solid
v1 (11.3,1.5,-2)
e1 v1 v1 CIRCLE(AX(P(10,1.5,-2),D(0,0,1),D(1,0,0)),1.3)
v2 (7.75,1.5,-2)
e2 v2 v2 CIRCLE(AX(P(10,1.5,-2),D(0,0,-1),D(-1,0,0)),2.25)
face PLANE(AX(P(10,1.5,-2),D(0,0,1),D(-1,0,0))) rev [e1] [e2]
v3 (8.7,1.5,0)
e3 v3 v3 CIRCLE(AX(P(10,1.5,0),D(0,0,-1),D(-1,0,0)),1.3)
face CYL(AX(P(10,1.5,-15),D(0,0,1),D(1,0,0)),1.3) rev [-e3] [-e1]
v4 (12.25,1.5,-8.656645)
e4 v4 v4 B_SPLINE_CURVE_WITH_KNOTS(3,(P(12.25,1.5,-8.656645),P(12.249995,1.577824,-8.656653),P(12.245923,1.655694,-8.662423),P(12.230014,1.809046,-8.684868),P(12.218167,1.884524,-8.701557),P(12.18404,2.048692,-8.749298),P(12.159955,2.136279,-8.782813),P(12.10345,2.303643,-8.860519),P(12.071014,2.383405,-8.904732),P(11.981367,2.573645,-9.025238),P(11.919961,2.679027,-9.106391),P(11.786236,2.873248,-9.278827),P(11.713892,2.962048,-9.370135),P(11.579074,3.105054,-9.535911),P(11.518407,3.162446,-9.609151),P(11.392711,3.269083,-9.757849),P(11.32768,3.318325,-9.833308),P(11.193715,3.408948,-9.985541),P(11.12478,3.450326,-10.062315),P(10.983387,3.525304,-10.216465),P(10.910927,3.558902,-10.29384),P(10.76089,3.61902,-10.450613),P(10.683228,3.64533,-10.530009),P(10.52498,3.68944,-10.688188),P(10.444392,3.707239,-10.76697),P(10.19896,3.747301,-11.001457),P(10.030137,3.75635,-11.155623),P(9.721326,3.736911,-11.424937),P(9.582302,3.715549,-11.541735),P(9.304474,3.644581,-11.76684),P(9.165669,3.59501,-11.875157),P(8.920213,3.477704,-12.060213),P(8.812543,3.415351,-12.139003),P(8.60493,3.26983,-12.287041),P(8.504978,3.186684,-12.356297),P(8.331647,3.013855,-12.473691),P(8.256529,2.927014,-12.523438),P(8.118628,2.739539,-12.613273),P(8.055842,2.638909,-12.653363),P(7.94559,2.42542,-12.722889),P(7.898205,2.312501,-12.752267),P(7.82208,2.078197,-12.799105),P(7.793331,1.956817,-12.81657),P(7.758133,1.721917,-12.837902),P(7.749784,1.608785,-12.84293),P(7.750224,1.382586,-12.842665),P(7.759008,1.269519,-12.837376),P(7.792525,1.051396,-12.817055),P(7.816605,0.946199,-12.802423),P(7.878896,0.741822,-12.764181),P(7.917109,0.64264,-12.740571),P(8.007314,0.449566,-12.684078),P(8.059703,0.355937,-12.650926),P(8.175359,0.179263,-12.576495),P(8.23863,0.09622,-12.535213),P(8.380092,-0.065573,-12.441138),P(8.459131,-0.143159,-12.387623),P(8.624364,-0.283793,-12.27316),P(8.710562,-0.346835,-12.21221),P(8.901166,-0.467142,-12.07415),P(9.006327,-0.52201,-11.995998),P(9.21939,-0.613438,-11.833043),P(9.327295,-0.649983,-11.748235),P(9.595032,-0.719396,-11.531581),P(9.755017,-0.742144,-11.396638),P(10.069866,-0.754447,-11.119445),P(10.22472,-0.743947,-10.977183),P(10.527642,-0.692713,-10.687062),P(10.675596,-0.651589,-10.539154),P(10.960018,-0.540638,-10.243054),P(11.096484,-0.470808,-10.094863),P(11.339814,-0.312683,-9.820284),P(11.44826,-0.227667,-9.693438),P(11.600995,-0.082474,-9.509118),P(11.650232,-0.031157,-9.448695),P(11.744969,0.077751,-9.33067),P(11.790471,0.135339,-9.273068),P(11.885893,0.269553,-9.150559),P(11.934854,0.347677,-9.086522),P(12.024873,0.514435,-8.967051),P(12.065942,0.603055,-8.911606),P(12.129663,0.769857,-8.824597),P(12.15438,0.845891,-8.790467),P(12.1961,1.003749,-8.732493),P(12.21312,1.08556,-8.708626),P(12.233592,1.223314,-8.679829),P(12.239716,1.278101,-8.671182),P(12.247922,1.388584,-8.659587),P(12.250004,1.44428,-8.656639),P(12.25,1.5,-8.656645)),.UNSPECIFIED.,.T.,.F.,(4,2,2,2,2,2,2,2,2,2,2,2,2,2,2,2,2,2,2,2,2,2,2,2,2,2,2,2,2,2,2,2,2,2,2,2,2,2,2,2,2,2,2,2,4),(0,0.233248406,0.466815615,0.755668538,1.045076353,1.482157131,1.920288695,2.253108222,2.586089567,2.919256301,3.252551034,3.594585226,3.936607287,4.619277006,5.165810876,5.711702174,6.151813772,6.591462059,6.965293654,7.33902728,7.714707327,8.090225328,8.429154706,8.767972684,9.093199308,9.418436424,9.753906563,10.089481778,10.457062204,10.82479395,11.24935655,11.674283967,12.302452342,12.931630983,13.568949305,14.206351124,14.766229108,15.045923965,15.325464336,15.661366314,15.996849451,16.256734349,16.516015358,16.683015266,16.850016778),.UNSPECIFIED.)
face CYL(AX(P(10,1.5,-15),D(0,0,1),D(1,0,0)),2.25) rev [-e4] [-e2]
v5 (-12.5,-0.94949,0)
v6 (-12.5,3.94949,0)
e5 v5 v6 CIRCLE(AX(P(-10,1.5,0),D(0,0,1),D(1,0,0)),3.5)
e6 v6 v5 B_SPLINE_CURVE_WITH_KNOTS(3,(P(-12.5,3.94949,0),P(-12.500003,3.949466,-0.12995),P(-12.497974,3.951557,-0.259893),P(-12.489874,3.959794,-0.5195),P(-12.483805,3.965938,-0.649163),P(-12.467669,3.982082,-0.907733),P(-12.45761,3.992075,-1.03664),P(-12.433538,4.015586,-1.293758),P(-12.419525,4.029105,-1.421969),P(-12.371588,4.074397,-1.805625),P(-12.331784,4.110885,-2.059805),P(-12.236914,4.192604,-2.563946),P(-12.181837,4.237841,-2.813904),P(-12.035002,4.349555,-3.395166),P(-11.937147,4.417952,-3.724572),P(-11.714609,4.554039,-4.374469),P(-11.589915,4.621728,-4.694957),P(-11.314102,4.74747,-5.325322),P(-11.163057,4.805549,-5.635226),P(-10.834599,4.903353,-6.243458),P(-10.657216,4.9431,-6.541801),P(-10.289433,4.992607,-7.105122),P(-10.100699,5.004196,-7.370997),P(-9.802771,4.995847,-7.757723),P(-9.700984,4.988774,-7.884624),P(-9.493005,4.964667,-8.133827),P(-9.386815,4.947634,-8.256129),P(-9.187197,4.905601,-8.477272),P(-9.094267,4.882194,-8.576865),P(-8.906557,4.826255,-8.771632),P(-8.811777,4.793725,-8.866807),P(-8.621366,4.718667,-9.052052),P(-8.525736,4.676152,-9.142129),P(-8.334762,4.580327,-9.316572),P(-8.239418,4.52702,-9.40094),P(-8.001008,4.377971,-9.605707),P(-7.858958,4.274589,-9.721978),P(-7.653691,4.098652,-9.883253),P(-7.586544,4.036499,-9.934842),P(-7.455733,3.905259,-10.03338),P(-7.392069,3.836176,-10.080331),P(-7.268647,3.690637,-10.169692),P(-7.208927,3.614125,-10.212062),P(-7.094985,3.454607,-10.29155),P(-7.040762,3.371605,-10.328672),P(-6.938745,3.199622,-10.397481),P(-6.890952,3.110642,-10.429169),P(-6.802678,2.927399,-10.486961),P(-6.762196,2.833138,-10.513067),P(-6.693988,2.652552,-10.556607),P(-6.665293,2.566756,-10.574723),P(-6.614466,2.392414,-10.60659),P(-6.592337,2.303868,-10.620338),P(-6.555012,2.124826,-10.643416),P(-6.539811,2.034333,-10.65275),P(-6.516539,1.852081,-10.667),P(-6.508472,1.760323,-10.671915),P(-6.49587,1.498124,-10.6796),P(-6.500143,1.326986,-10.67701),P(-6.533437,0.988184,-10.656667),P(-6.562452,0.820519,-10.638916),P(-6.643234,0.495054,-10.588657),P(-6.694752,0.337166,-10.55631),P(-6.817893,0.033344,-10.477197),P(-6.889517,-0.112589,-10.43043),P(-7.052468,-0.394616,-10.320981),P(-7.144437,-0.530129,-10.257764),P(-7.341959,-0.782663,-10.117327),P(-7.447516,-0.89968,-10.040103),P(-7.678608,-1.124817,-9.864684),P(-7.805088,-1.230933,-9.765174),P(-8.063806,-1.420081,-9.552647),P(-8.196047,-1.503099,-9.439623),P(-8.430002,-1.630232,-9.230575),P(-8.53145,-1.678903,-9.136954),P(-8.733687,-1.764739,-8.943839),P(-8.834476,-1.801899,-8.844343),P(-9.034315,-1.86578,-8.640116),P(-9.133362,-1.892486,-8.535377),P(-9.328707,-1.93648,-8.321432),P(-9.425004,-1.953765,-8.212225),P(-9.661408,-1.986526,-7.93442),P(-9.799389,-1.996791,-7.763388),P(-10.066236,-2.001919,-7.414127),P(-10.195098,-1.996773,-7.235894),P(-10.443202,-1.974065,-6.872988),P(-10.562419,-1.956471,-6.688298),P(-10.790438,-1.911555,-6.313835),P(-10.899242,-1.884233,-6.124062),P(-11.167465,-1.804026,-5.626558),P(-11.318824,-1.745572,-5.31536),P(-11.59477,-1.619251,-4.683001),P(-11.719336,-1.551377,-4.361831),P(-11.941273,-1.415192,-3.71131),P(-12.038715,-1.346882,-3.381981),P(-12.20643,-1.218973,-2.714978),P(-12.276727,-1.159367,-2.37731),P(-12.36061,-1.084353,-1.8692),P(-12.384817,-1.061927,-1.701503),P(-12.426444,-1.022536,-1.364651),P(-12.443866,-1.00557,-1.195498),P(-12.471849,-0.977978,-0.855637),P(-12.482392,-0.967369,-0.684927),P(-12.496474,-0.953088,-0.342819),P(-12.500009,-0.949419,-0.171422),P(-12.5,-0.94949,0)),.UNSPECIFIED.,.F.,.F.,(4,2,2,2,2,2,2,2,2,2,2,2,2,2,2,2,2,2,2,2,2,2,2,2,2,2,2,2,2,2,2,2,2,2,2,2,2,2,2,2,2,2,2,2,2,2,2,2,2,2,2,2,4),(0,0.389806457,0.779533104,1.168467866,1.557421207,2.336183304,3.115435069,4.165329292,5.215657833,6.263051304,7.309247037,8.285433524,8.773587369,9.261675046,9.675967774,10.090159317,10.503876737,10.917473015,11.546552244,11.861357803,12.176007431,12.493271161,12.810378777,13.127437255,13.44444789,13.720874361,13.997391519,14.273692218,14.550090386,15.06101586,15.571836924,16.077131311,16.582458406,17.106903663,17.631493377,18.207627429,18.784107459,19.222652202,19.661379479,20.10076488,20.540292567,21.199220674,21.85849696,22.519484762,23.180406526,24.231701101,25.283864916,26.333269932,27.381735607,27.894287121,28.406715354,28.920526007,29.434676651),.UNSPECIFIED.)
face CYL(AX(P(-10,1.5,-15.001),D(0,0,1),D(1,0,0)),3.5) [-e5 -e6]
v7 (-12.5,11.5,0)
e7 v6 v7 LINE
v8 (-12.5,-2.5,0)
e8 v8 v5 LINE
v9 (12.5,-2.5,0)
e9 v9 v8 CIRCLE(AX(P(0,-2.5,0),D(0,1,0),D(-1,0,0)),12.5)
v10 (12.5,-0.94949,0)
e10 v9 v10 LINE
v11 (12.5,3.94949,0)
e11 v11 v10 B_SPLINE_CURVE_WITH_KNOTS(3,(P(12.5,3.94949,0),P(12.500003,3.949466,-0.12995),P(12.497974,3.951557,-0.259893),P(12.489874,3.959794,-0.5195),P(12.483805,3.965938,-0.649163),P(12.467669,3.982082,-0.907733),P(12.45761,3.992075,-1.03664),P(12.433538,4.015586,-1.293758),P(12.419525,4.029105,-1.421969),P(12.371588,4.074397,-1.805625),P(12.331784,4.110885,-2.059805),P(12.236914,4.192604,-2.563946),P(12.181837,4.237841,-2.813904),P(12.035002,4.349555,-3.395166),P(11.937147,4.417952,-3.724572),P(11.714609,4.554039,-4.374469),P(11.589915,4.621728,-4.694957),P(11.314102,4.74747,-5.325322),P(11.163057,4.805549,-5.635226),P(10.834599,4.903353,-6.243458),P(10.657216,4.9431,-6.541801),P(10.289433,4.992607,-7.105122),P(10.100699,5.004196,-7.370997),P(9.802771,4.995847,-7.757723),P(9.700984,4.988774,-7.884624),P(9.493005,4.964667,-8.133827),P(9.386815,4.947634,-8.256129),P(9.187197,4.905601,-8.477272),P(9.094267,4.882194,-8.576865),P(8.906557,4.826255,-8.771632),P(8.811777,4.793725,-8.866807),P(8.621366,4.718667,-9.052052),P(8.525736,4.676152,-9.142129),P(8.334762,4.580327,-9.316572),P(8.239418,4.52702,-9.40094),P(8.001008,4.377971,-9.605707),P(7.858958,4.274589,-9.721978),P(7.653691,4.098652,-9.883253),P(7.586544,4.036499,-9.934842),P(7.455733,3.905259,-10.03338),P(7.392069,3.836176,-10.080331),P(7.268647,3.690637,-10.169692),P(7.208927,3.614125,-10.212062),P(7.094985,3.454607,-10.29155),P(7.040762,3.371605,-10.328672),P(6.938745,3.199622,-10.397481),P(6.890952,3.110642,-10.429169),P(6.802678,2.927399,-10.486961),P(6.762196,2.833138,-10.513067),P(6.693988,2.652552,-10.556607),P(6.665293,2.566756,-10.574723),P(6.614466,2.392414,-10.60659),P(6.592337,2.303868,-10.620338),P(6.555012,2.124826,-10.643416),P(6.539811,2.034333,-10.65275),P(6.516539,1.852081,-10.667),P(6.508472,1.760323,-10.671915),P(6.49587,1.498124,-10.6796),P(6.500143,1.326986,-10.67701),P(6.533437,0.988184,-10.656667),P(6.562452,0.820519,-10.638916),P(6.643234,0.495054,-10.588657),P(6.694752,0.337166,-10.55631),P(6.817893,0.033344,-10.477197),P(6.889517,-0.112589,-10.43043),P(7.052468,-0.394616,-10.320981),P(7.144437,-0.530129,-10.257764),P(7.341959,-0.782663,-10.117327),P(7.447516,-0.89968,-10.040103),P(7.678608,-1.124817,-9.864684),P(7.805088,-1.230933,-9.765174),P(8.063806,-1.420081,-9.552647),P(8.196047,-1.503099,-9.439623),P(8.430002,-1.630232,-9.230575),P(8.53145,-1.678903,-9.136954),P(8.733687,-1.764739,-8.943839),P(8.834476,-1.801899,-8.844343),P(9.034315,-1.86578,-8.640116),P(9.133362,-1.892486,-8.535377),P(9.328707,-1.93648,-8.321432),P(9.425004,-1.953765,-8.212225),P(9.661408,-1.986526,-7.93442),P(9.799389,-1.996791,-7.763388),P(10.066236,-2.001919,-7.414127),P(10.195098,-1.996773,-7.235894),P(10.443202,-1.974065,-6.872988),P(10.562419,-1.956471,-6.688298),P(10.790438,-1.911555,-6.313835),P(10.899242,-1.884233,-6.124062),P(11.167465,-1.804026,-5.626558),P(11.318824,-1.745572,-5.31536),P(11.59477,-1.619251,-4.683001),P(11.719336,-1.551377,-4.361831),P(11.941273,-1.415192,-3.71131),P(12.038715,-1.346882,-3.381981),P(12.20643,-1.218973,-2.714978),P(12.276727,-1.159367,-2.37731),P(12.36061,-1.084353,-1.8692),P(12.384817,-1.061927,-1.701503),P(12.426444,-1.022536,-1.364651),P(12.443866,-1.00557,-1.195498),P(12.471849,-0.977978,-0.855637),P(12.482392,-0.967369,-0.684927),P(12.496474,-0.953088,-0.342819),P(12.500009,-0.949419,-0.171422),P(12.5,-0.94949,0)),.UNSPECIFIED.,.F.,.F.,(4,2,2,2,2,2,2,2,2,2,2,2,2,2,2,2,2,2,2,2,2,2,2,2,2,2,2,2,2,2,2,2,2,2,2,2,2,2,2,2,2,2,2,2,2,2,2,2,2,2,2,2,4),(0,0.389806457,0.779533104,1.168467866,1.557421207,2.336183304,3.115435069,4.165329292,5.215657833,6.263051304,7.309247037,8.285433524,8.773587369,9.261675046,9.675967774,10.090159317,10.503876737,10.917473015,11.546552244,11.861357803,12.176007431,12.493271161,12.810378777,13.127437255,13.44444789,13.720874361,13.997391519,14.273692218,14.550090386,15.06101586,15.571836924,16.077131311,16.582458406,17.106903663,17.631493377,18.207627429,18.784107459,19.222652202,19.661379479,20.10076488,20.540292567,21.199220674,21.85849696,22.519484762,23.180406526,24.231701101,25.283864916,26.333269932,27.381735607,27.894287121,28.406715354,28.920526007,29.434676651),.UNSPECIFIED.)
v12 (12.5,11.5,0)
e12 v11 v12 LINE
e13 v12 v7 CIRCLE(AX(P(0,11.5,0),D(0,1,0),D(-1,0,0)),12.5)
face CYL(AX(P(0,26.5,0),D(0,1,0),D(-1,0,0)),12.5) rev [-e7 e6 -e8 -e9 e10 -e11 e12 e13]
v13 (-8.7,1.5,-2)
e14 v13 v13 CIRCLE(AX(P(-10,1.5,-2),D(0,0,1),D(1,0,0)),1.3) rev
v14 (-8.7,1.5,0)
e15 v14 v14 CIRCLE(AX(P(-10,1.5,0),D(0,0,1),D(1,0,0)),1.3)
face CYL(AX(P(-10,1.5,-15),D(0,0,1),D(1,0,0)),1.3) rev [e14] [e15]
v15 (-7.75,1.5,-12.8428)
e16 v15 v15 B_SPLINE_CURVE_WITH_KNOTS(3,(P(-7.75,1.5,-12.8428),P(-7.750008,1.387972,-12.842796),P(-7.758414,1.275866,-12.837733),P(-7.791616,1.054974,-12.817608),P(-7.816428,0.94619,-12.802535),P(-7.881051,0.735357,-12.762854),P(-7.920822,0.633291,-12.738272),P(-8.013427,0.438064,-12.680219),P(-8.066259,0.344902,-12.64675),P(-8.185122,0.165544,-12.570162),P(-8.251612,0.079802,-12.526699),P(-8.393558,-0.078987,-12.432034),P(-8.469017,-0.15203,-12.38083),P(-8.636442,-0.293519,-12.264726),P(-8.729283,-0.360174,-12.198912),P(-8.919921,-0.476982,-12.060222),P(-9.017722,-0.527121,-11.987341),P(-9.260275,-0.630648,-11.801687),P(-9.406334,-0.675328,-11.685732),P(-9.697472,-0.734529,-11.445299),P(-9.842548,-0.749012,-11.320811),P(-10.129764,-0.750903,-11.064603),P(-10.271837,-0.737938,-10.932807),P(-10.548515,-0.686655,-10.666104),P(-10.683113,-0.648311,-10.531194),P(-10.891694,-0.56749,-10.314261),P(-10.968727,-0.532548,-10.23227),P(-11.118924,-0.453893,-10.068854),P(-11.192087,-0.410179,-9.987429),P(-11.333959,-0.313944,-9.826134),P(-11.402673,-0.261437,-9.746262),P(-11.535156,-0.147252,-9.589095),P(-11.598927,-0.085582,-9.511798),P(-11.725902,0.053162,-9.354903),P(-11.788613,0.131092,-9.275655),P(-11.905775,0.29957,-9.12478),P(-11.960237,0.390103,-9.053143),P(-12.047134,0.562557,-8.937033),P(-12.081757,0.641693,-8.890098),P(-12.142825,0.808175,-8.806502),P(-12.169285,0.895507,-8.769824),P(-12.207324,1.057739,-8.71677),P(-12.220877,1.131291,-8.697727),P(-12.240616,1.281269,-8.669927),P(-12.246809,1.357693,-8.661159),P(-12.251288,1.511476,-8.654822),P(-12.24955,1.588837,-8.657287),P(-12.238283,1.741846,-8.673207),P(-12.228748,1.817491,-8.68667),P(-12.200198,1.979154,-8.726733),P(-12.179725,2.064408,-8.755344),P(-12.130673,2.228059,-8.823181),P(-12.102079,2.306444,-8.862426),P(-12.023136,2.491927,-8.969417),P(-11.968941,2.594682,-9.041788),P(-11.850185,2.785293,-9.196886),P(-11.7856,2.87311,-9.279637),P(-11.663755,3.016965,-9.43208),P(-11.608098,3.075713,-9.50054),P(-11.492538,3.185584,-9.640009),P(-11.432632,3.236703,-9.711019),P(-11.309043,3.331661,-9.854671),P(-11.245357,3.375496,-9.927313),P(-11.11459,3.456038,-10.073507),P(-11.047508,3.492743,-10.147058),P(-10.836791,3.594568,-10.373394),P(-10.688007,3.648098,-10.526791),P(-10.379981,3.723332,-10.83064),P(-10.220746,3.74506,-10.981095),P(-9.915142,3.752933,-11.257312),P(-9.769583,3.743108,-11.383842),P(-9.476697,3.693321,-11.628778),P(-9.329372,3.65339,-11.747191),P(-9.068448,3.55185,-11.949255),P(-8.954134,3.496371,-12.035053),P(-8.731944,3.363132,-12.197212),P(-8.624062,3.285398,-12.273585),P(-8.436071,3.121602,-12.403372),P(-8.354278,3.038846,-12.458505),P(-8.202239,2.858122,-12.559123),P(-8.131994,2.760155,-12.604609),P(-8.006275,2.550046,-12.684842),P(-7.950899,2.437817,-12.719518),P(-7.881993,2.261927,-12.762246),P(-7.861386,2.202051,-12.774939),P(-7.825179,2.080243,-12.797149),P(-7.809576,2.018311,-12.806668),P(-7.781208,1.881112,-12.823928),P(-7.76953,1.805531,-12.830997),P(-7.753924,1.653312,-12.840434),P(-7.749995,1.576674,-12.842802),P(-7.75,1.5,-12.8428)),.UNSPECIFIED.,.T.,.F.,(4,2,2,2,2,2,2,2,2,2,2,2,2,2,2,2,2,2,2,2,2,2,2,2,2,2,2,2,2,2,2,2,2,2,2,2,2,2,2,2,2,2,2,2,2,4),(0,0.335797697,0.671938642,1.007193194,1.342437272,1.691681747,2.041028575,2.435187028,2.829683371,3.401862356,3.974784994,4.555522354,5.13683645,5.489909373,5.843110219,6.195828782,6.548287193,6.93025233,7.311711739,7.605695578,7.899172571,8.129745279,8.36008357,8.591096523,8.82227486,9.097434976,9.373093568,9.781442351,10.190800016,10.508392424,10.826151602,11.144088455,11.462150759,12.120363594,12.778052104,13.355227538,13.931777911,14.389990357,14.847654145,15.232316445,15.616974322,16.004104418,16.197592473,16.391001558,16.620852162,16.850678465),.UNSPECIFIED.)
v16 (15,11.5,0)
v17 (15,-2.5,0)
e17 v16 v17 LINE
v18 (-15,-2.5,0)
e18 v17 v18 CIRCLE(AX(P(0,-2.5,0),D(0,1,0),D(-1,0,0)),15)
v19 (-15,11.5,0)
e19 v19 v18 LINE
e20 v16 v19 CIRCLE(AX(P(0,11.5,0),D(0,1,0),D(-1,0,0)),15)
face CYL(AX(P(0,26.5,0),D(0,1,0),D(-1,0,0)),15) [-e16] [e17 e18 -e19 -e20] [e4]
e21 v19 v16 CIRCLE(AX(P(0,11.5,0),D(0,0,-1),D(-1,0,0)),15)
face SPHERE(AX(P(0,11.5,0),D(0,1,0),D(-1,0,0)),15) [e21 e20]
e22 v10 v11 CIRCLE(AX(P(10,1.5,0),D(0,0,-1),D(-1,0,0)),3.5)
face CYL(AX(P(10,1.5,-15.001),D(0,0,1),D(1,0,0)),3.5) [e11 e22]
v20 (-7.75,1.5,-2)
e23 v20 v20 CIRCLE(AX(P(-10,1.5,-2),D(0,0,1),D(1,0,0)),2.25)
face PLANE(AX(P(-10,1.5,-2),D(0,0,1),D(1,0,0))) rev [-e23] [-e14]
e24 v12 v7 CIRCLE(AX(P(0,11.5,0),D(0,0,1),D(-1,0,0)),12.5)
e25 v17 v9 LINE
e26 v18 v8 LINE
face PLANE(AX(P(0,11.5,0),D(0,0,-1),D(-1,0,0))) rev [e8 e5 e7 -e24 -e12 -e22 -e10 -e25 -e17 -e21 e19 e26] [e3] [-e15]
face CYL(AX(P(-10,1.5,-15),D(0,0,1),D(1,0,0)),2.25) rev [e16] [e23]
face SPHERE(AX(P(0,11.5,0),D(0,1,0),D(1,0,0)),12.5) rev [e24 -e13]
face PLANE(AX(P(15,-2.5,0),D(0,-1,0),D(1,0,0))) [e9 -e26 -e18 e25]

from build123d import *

# Parameters (mm, degrees)
ROTATION1_ANGLE                 = 180
AUFSATZ_LINEAR_AUSTRAGEN1_REACH = 35.945
SKIZZE2_R                       = 3.5
SKIZZE4_R                       = 1.3
SCHNITT_LINEAR_AUSTRAGEN1_DEPTH = 34.944808145
SCHNITT_LINEAR_START            = -2
SKIZZE5_R                       = 2.25
SCHNITT_LINEAR_AUSTRAGEN2_DEPTH = 32.944808233


with BuildPart() as part:
    # Skizze1 → Rotation1 (revolve)
    with BuildSketch(Plane.XY):
        with BuildLine():
            Line((0, 26.5), (0, 24))
            ThreePointArc((0, 24), (-8.838834765, 20.338834765), (-12.5, 11.5))
            Line((-12.5, 11.5), (-12.5, 3.158312395))
            Line((-12.5, 3.158312395), (-12.5, -0.158312395))
            Line((-12.5, -0.158312395), (-12.5, -2.5))
            Line((-12.5, -2.5), (-15, -2.5))
            Line((-15, -2.5), (-15, 11.5))
            ThreePointArc((-15, 11.5), (-10.606601718, 22.106601718), (0, 26.5))
        make_face()
    revolve(axis=Axis((0, 26.5, 0), (0, -1, 0)), revolution_arc=ROTATION1_ANGLE)

    # Skizze2 → Aufsatz-Linear austragen1 (add, up to next)
    with BuildSketch(Plane.XY, mode=Mode.PRIVATE) as aufsatz_linear_austragen1_sk1:
        with Locations((-10, 1.5)):
            Circle(SKIZZE2_R)
        with BuildLine():
            ThreePointArc((-12.5, -0.158312395), (-7, 1.5), (-12.5, 3.158312395))
            Line((-12.5, 3.158312395), (-12.5, -0.158312395))
        make_face(mode=Mode.SUBTRACT)
    aufsatz_linear_austragen1_tool1 = extrude(aufsatz_linear_austragen1_sk1.sketch, amount=-AUFSATZ_LINEAR_AUSTRAGEN1_REACH, mode=Mode.PRIVATE) - part.part
    # Skizze2 → Aufsatz-Linear austragen1 (add, up to next)
    with BuildSketch(Plane.XY, mode=Mode.PRIVATE) as aufsatz_linear_austragen1_sk2:
        with BuildLine():
            Line((-12.5, 3.158312395), (-12.5, -0.158312395))
            ThreePointArc((-12.5, -0.158312395), (-7, 1.5), (-12.5, 3.158312395))
        make_face()
    aufsatz_linear_austragen1_tool2 = extrude(aufsatz_linear_austragen1_sk2.sketch, amount=-AUFSATZ_LINEAR_AUSTRAGEN1_REACH, mode=Mode.PRIVATE) - part.part
    aufsatz_linear_austragen1_1 = aufsatz_linear_austragen1_tool1.solids().sort_by_distance((-13.401005, 1.5, 0))[0]
    add(aufsatz_linear_austragen1_1)
    aufsatz_linear_austragen1_2 = aufsatz_linear_austragen1_tool2.solids().sort_by_distance((-9.888016, 1.5, 0))[0]
    add(aufsatz_linear_austragen1_2)
    aufsatz_linear_austragen1 = aufsatz_linear_austragen1_1 + aufsatz_linear_austragen1_2  # Aufsatz-Linear austragen1 as one shape, for the pattern or mirror that repeats it

    # Skizze4 → Schnitt-Linear austragen1 (cut, through all)
    with BuildSketch(Plane.XY):
        with Locations((-10, 1.5)):
            Circle(SKIZZE4_R)
    schnitt_linear_austragen1 = extrude(amount=-SCHNITT_LINEAR_AUSTRAGEN1_DEPTH, mode=Mode.SUBTRACT)

    # Skizze5 → Schnitt-Linear austragen2 (cut, through all)
    with BuildSketch(Plane.XY.offset(SCHNITT_LINEAR_START)):
        with Locations((-10, 1.5)):
            Circle(SKIZZE5_R)
    schnitt_linear_austragen2 = extrude(amount=-SCHNITT_LINEAR_AUSTRAGEN2_DEPTH, mode=Mode.SUBTRACT)

    # Spiegeln1: Aufsatz-Linear austragen1, Schnitt-Linear austragen1, Schnitt-Linear austragen2 across plane
    add(aufsatz_linear_austragen1.mirror(Plane(origin=(0, 0, 0), x_dir=(0, 0, 1), z_dir=(1, 0, 0))))
    add(schnitt_linear_austragen1.mirror(Plane(origin=(0, 0, 0), x_dir=(0, 0, 1), z_dir=(1, 0, 0))), mode=Mode.SUBTRACT)
    add(schnitt_linear_austragen2.mirror(Plane(origin=(0, 0, 0), x_dir=(0, 0, 1), z_dir=(1, 0, 0))), mode=Mode.SUBTRACT)


solid = part.part
